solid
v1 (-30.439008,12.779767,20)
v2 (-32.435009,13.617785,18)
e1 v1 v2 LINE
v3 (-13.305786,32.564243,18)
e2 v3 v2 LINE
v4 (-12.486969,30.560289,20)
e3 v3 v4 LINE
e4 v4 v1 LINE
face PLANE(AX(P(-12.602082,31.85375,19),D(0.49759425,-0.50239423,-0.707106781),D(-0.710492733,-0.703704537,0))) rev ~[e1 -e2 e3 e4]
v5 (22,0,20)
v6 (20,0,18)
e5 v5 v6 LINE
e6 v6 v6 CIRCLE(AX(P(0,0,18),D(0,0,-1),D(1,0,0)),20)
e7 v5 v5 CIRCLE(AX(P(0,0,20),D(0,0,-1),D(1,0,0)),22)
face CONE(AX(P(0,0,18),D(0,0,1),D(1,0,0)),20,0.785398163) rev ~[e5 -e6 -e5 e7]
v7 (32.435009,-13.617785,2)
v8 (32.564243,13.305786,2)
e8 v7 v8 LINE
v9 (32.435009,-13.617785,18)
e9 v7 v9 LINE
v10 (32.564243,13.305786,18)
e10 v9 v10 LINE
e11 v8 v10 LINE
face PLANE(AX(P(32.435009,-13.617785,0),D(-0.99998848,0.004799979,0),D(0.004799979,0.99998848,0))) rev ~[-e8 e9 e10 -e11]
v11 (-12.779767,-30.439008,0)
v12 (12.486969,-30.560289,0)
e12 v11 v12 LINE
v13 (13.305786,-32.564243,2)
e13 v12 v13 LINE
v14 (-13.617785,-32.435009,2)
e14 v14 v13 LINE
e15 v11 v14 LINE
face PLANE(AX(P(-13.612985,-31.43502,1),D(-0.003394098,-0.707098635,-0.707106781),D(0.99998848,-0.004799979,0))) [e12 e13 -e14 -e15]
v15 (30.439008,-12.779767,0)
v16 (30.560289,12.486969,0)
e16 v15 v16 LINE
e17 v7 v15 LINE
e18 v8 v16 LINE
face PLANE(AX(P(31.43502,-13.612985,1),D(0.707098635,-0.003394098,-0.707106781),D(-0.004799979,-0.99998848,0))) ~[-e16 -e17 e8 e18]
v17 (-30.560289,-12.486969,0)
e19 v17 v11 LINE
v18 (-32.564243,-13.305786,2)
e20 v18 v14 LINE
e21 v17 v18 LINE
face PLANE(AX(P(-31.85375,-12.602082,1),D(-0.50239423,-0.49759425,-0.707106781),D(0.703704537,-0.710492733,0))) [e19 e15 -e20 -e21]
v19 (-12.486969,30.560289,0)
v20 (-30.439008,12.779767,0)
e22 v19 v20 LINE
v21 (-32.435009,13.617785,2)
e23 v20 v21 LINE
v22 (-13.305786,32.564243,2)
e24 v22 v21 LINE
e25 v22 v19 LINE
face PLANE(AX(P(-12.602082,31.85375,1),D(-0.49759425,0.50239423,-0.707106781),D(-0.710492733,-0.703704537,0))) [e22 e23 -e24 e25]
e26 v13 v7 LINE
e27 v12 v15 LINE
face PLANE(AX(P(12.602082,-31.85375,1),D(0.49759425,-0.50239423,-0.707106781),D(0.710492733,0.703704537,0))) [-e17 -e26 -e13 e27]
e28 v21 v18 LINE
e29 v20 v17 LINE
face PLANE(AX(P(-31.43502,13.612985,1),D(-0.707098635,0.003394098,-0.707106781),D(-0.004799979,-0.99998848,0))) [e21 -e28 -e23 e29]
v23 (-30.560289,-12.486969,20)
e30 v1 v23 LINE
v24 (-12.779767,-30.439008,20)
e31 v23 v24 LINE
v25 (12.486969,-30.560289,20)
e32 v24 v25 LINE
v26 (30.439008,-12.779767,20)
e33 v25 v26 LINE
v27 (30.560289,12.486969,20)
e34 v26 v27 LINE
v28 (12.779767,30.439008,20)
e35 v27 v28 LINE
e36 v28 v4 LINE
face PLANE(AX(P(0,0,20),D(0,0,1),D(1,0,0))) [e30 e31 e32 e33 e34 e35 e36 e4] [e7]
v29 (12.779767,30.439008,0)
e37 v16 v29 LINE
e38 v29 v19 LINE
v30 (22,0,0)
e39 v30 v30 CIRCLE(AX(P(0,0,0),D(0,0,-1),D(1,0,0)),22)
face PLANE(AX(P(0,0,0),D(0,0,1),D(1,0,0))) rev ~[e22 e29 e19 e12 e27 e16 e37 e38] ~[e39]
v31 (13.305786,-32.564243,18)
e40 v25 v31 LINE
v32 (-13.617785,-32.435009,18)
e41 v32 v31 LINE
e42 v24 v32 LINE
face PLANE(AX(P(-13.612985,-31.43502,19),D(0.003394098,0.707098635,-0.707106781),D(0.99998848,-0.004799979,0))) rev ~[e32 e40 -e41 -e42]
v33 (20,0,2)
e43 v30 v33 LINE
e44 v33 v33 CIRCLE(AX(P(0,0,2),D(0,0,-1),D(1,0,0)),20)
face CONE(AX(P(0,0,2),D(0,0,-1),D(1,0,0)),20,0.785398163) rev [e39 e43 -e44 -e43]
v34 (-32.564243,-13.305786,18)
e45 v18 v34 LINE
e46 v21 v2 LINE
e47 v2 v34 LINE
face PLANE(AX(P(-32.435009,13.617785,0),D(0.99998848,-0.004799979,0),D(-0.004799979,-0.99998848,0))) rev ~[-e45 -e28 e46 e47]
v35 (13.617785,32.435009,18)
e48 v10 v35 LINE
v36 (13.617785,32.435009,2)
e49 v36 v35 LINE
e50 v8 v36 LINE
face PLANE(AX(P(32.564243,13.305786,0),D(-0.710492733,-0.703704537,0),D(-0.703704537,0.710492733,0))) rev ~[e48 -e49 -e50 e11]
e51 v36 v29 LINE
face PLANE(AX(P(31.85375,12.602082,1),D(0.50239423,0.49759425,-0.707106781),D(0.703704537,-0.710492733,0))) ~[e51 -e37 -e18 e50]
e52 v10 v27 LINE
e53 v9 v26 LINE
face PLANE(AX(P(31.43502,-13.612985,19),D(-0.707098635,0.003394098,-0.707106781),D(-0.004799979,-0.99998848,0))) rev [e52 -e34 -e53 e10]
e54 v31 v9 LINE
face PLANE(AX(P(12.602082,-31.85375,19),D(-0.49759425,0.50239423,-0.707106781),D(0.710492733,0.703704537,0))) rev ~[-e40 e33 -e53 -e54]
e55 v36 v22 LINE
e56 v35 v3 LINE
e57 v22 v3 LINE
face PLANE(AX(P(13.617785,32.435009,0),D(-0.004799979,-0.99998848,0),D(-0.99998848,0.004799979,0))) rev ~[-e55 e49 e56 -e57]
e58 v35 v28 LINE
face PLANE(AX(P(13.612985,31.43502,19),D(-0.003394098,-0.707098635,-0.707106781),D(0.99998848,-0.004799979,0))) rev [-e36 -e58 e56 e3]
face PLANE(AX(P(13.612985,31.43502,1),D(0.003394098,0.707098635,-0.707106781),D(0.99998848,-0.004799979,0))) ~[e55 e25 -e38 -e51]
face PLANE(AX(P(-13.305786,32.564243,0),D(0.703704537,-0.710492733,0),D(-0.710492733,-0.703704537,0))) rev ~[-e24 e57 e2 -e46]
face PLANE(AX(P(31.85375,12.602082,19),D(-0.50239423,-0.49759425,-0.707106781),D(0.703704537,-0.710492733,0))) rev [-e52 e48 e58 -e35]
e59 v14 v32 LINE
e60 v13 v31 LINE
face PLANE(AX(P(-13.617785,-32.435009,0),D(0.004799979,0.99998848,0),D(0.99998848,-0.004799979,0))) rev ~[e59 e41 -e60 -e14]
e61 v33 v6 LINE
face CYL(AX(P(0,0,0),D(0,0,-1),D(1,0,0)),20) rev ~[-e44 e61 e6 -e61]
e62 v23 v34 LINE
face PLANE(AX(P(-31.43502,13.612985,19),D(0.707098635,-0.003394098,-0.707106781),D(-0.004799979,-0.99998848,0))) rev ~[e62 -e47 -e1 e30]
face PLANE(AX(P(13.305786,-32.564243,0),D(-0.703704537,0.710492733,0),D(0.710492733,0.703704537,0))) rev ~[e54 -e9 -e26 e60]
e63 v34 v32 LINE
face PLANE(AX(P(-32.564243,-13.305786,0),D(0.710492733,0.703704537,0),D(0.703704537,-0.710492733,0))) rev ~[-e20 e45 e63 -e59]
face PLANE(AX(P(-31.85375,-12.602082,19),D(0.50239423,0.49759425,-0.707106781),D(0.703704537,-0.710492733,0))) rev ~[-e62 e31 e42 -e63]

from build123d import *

# Parameters (mm, degrees)
F1_DEPTH = 20
F2_R     = 20
F3_DEPTH = 20.001
F4_SIZE  = 2


with BuildPart() as f1:
    # F0 (on Top) → F1 (new body)
    with BuildSketch(Plane.XY):
        Polygon((32.5642426406, 13.3057863628), (13.6177850292, 32.4350085615), (-13.3057863628, 32.5642426406), (-32.4350085615, 13.6177850292), (-32.5642426406, -13.3057863628), (-13.6177850292, -32.4350085615), (13.3057863628, -32.5642426406), (32.4350085615, -13.6177850292), align=None)
    extrude(amount=F1_DEPTH)

    # F2 (on face) → F3 (cut, through all)
    with BuildSketch(Plane(origin=(0, 0, 0), x_dir=(1, 0, 0), z_dir=(0, 0, -1))):
        Circle(F2_R)
    extrude(amount=-F3_DEPTH, mode=Mode.SUBTRACT)

    # F4
    f4_edges = [f1.edges().sort_by_distance(p)[0] for p in [
        (23.091014, 22.870397, 20),
        (32.499626, -0.155999, 20),
        (0.155999, 32.499626, 20),
        (22.870397, -23.091014, 20),
        (-22.870397, 23.091014, 20),
        (-0.155999, -32.499626, 20),
        (-32.499626, 0.155999, 20),
        (-23.091014, -22.870397, 20),
        (-20, 0, 20),
        (23.091014, 22.870397, 0),
        (32.499626, -0.155999, 0),
        (0.155999, 32.499626, 0),
        (22.870397, -23.091014, 0),
        (-22.870397, 23.091014, 0),
        (-0.155999, -32.499626, 0),
        (-32.499626, 0.155999, 0),
        (-23.091014, -22.870397, 0),
        (-20, 0, 0),
    ]]
    chamfer(f4_edges, length=F4_SIZE)


solid = f1.part
